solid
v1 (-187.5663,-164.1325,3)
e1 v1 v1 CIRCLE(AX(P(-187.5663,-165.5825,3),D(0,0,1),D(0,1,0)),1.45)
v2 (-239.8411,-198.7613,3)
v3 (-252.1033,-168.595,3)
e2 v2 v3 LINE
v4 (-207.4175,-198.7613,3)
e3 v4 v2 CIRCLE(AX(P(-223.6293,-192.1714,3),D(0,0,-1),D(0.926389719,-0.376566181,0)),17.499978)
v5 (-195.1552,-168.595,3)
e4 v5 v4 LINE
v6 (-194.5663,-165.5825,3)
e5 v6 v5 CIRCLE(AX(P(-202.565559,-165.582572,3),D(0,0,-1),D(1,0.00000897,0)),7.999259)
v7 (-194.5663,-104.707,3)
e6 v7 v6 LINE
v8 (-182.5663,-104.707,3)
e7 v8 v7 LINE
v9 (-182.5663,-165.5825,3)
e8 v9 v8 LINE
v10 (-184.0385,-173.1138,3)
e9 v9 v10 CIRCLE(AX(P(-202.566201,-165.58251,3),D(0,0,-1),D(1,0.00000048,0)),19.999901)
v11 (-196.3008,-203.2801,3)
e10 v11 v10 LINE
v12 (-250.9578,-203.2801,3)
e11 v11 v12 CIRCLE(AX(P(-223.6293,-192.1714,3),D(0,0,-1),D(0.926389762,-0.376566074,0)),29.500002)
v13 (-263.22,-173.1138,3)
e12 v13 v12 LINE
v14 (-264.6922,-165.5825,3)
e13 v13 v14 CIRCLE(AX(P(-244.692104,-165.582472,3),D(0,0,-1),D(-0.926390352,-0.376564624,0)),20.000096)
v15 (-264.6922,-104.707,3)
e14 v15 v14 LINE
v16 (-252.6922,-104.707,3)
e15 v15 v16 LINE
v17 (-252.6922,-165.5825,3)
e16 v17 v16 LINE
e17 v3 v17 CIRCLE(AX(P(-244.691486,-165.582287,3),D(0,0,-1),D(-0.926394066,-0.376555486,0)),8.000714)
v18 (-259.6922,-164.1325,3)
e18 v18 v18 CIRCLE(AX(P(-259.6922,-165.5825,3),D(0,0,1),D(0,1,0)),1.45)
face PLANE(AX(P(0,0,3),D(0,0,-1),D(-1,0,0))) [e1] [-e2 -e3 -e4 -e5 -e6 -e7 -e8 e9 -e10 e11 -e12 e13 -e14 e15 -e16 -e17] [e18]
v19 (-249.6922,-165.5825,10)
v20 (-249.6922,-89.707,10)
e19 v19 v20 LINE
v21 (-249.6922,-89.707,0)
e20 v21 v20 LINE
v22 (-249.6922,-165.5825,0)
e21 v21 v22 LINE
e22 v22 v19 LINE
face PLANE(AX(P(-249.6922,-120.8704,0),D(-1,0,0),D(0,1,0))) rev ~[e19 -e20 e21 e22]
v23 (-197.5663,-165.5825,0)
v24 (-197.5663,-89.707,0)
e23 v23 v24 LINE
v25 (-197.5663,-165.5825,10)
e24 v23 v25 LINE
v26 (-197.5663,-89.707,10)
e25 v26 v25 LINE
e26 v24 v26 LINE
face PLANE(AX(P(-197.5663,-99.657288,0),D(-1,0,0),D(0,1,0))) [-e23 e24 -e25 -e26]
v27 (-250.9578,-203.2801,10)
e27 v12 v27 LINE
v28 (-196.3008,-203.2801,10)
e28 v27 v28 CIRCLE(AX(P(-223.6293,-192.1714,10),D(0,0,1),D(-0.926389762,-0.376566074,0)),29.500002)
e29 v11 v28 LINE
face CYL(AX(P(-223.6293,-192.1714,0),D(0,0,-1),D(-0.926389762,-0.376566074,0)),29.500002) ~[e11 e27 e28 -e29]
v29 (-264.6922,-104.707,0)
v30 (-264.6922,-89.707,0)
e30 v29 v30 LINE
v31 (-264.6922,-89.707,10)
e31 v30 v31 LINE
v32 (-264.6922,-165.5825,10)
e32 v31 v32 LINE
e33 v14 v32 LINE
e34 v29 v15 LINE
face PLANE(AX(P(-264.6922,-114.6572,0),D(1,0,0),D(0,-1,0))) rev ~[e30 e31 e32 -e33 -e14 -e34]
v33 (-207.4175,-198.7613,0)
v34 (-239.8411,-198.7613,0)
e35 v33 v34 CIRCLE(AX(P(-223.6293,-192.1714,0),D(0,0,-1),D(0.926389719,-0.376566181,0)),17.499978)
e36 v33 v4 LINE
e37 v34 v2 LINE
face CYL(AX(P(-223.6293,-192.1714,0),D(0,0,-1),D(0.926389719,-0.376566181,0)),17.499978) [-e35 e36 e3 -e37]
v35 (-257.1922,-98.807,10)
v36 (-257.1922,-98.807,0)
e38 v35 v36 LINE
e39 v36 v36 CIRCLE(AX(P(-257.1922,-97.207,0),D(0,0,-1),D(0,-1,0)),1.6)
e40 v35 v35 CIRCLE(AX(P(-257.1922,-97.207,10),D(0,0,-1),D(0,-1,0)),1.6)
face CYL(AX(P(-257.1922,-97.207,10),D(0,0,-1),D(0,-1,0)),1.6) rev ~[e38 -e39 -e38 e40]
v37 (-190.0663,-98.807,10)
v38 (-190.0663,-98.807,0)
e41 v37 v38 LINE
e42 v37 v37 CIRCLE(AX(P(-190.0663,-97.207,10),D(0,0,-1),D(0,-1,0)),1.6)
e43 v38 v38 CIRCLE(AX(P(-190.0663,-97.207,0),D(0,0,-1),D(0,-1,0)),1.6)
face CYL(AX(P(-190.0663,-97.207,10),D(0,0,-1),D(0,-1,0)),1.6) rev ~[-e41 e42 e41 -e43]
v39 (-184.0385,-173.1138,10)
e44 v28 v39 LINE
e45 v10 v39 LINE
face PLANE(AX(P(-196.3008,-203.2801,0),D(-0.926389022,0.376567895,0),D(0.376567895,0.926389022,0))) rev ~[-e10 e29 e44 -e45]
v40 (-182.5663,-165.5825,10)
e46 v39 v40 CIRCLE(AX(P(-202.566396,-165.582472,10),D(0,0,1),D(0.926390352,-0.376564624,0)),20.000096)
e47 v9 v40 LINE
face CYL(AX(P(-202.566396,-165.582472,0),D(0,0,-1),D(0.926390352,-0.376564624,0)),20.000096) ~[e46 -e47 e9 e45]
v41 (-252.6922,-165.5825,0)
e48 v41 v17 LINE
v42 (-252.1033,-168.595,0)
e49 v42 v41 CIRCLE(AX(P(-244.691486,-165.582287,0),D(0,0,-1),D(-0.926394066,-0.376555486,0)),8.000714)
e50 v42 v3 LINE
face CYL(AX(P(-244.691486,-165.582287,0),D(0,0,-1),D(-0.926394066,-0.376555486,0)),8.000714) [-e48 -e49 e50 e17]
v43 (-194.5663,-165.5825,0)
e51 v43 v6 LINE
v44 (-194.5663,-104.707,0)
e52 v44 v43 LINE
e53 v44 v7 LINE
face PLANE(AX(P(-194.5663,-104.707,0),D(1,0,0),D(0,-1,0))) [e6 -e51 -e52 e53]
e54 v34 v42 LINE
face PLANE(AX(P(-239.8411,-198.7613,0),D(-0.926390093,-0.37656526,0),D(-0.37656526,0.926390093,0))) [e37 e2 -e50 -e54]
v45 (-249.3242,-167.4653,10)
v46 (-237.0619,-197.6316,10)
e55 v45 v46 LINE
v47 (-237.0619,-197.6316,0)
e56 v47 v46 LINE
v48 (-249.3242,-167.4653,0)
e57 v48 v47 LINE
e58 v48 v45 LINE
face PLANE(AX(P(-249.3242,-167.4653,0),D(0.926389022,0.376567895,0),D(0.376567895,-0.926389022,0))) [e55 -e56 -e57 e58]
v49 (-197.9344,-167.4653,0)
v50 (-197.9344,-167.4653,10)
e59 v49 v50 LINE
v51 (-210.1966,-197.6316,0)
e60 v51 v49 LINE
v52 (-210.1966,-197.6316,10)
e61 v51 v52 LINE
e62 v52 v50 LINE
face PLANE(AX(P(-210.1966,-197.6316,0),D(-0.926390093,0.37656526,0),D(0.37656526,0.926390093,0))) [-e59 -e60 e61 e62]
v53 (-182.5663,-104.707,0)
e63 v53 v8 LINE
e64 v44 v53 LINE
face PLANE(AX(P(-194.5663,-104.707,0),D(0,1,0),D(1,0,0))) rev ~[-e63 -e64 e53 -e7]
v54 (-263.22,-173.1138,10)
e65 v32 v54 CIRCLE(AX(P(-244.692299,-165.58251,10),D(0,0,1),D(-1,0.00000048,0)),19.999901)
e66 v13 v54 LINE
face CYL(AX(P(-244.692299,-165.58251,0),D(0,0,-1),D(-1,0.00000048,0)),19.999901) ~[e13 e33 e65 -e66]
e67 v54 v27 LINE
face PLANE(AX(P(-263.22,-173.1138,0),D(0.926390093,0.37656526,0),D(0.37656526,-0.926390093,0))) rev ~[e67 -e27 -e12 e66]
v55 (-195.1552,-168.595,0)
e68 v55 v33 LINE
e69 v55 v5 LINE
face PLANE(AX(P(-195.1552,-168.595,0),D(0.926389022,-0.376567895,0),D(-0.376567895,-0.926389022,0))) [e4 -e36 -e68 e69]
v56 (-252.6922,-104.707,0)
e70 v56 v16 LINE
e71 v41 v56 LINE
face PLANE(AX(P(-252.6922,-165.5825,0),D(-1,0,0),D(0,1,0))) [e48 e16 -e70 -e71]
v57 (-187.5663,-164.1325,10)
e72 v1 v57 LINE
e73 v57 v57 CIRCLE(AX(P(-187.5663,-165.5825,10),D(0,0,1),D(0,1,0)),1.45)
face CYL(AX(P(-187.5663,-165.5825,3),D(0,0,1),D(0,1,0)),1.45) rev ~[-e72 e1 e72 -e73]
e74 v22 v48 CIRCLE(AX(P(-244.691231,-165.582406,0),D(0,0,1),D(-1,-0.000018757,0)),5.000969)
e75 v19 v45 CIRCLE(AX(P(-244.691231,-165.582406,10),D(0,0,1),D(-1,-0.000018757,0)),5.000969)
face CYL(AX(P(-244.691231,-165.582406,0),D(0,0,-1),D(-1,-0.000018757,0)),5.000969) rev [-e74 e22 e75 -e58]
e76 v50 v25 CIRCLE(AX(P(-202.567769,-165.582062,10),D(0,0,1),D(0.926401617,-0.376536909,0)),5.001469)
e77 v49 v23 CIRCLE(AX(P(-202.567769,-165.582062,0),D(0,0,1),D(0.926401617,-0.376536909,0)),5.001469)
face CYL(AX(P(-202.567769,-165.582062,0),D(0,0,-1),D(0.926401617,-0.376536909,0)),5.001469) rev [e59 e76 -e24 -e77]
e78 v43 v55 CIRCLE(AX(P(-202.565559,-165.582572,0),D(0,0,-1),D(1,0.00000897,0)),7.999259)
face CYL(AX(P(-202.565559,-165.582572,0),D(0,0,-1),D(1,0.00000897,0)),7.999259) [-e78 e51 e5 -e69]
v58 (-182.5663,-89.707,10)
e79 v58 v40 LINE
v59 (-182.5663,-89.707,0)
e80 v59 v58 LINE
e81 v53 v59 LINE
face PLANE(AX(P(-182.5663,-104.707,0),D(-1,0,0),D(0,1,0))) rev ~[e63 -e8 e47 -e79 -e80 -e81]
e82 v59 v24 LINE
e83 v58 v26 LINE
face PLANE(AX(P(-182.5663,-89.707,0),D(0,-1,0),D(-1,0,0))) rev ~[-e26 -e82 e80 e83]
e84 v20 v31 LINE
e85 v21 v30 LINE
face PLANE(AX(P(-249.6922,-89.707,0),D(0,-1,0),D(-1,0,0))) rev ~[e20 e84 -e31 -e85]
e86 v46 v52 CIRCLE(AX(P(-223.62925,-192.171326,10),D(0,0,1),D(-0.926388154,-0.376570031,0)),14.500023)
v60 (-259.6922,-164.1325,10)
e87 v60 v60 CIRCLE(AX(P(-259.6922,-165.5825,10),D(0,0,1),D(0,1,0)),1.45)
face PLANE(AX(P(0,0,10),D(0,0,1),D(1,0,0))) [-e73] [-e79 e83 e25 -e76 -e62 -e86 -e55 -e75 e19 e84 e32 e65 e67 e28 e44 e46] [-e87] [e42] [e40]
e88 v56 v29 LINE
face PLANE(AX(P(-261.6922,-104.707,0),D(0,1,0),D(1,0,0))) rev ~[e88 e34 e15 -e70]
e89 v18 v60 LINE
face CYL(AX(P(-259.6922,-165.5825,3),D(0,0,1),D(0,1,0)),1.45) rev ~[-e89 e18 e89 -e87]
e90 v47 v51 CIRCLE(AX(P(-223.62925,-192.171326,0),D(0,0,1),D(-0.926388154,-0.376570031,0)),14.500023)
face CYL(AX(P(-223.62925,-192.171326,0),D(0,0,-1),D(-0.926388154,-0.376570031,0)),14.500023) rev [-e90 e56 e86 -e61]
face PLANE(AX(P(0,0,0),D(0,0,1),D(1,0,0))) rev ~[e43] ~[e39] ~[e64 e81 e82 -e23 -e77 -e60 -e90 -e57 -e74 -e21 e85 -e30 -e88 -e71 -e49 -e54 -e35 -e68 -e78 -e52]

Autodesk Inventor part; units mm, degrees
ref_plane "YZ Plane" through (0, 0, 0) normal (1, 0, 0) x (0, 1, 0)
ref_plane "XZ Plane" through (0, 0, 0) normal (0, 1, 0) x (-1, 0, 0)
ref_plane "XY Plane" through (0, 0, 0) normal (0, 0, 1) x (1, 0, 0)
sketch "Sketch13" plane through (0, 0, 0) normal (0, 0, 1) x (1, 0, 0)
  line L0 (-247.6922, -121.6988) -> (-240.7003, -114.707) projected
  line L1 (-240.7003, -114.707) -> (-206.5582, -114.707) projected
  line L2 (-206.5582, -114.707) -> (-199.5663, -121.6988) projected
  line L3 (-199.5663, -121.6988) -> (-199.5663, -165.5825) projected
  arc A0 (-199.7872, -166.7122) -> (-199.5663, -165.5825) centre (-202.5663, -165.5825) ccw projected
  line L4 (-199.7872, -166.7122) -> (-212.0494, -196.8785) projected
  arc A1 (-235.2091, -196.8785) -> (-212.0494, -196.8785) centre (-223.6293, -192.1714) ccw projected
  line L5 (-235.2091, -196.8785) -> (-247.4714, -166.7122) projected
  arc A2 (-247.6922, -165.5825) -> (-247.4714, -166.7122) centre (-244.6922, -165.5825) ccw projected
  line L6 (-247.6922, -165.5825) -> (-247.6922, -121.6988) projected
  circle A3 centre (-223.6293, -151.1714) radius 13 projected
  line L7 (26.8154, -89.707) -> (-473.1846, -89.707) projected
  line L8 (26.8154, -104.707) -> (-473.1846, -104.707) projected
  line L9 (-197.5663, -165.5825) -> (-197.5663, -120.8704)
  line L10 (-197.5663, -120.8704) -> (-205.7298, -112.707)
  line L11 (-205.7298, -112.707) -> (-241.5288, -112.707)
  line L12 (-241.5288, -112.707) -> (-249.6922, -120.8704)
  line L13 (-249.6922, -120.8704) -> (-249.6922, -165.5825)
  arc A4 (-249.6922, -165.5825) -> (-249.3242, -167.4653) centre (-244.6922, -165.5825) ccw
  line L14 (-249.3242, -167.4653) -> (-237.0619, -197.6316)
  arc A5 (-237.0619, -197.6316) -> (-210.1966, -197.6316) centre (-223.6293, -192.1714) ccw
  line L15 (-210.1966, -197.6316) -> (-197.9344, -167.4653)
  arc A6 (-197.9344, -167.4653) -> (-197.5663, -165.5825) centre (-202.5663, -165.5825) ccw
  line L16 (-182.5663, -165.5825) -> (-182.5663, -114.6572)
  line L17 (-182.5663, -114.6572) -> (-199.5166, -97.707)
  line L18 (-199.5166, -97.707) -> (-247.742, -97.707)
  line L19 (-247.742, -97.707) -> (-264.6922, -114.6572)
  line L20 (-264.6922, -114.6572) -> (-264.6922, -165.5825)
  arc A7 (-264.6922, -165.5825) -> (-263.22, -173.1138) centre (-244.6922, -165.5825) ccw
  line L21 (-263.22, -173.1138) -> (-250.9578, -203.2801)
  arc A8 (-250.9578, -203.2801) -> (-196.3008, -203.2801) centre (-223.6293, -192.1714) ccw
  line L22 (-196.3008, -203.2801) -> (-184.0385, -173.1138)
  arc A9 (-184.0385, -173.1138) -> (-182.5663, -165.5825) centre (-202.5663, -165.5825) ccw
  line L23 (-182.5663, -114.6572) -> (-182.5663, -89.707)
  line L24 (-264.6922, -114.6572) -> (-264.6922, -89.707)
  line L25 (-197.5663, -120.8704) -> (-197.5663, -89.707)
  line L26 (-249.6922, -120.8704) -> (-249.6922, -89.707)
  line L27 (-218.4828, -188.996) -> (-218.1293, -188.6424) projected
  line L28 (-218.1293, -188.6424) -> (-218.1293, -184.996) projected
  line L29 (-218.1293, -184.996) -> (-229.1293, -184.996) projected
  line L30 (-229.1293, -184.996) -> (-229.1293, -188.6424) projected
  line L31 (-229.1293, -188.6424) -> (-228.7757, -188.996) projected
  line L32 (-228.9525, -189.3022) -> (-229.4355, -189.1728) projected
  line L33 (-229.4355, -189.1728) -> (-232.5934, -190.996) projected
  line L34 (-223.806, -198.2161) -> (-228.9525, -189.3022) projected
  line L35 (-227.0934, -200.5223) -> (-223.9355, -198.6991) projected
  line L36 (-223.9355, -198.6991) -> (-223.806, -198.2161) projected
  line L37 (-223.4525, -198.2161) -> (-223.3231, -198.6991) projected
  line L38 (-223.3231, -198.6991) -> (-220.1652, -200.5223) projected
  line L39 (-218.306, -189.3022) -> (-223.4525, -198.2161) projected
  line L40 (-214.6652, -190.996) -> (-217.8231, -189.1728) projected
  line L41 (-217.8231, -189.1728) -> (-218.306, -189.3022) projected
  line L42 (-228.7757, -188.996) -> (-218.4828, -188.996) projected
  line L43 (-232.5934, -190.996) -> (-227.0934, -200.5223) projected
  line L44 (-220.1652, -200.5223) -> (-214.6652, -190.996) projected
  point P0 (0, 0)
  dimension "d26" = 2
  dimension "d27" = 15
extrude "Extrusion14" add sketch "Sketch13" along normal blind 10 contours L23 L8 L17 L25 L7 | L23 L17 L8 | L26 L19 L8 L24 L7 | L17 L8 L25 | L17 L16 A9 L22 A8 L21 A7 L20 L19 L8 L26 L13 A4 L14 A5 L15 A6 L9 L25 | L26 L8 L19 | L8 L19 L24
sketch "Sketch14" plane through (0, 0, 0) normal (0, 0, -1) x (-1, 0, 0)
  line L0 (249.6922, -165.5825) -> (249.6922, -89.707) projected
  arc A0 (249.3242, -167.4653) -> (249.6922, -165.5825) centre (244.6922, -165.5825) ccw projected
  line L1 (237.0619, -197.6316) -> (249.3242, -167.4653) projected
  arc A1 (210.1966, -197.6316) -> (237.0619, -197.6316) centre (223.6293, -192.1714) ccw projected
  line L2 (197.9344, -167.4653) -> (210.1966, -197.6316) projected
  arc A2 (197.5663, -165.5825) -> (197.9344, -167.4653) centre (202.5663, -165.5825) ccw projected
  line L3 (197.5663, -89.707) -> (197.5663, -165.5825) projected
  line L4 (182.5663, -89.707) -> (197.5663, -89.707) projected
  line L5 (182.5663, -165.5825) -> (182.5663, -89.707) projected
  arc A3 (182.5663, -165.5825) -> (184.0385, -173.1138) centre (202.5663, -165.5825) ccw projected
  line L6 (196.3008, -203.2801) -> (184.0385, -173.1138) projected
  arc A4 (196.3008, -203.2801) -> (250.9578, -203.2801) centre (223.6293, -192.1714) ccw projected
  line L7 (263.22, -173.1138) -> (250.9578, -203.2801) projected
  arc A5 (263.22, -173.1138) -> (264.6922, -165.5825) centre (244.6922, -165.5825) ccw projected
  line L8 (264.6922, -89.707) -> (264.6922, -165.5825) projected
  line L9 (249.6922, -89.707) -> (264.6922, -89.707) projected
  line L10 (185.5663, -92.707) -> (194.5663, -92.707)
  line L11 (194.5663, -92.707) -> (194.5663, -165.5825)
  arc A6 (194.5663, -165.5825) -> (195.1552, -168.595) centre (202.5663, -165.5825) ccw
  line L12 (195.1552, -168.595) -> (207.4175, -198.7613)
  arc A7 (207.4175, -198.7613) -> (239.8411, -198.7613) centre (223.6293, -192.1714) ccw
  line L13 (239.8411, -198.7613) -> (252.1033, -168.595)
  arc A8 (252.1033, -168.595) -> (252.6922, -165.5825) centre (244.6922, -165.5825) ccw
  line L14 (252.6922, -165.5825) -> (252.6922, -92.707)
  line L15 (252.6922, -92.707) -> (261.6922, -92.707)
  line L16 (261.6922, -92.707) -> (261.6922, -165.5825)
  arc A9 (260.4408, -171.9841) -> (261.6922, -165.5825) centre (244.6922, -165.5825) ccw
  line L17 (260.4408, -171.9841) -> (248.1786, -202.1504)
  arc A10 (199.0799, -202.1504) -> (248.1786, -202.1504) centre (223.6293, -192.1714) ccw
  line L18 (199.0799, -202.1504) -> (186.8177, -171.9841)
  arc A11 (185.5663, -165.5825) -> (186.8177, -171.9841) centre (202.5663, -165.5825) ccw
  line L19 (185.5663, -165.5825) -> (185.5663, -92.707)
  line L20 (194.5663, -92.707) -> (194.5663, -89.707)
  line L21 (182.5663, -89.707) -> (197.5663, -89.707) projected
  line L22 (252.6922, -92.707) -> (252.6922, -89.707)
  line L23 (197.5663, -89.707) -> (197.5663, -165.5825) projected
  line L24 (197.5663, -104.707) -> (182.5663, -104.707)
  line L25 (264.6922, -89.707) -> (264.6922, -165.5825) projected
  line L26 (264.6922, -104.707) -> (249.6922, -104.707)
  point P0 (0, 0)
  point P1 (194.5663, -104.707)
  point P2 (264.6922, -104.707)
  point P3 (252.6922, -104.707)
  dimension "d33" = 3
  dimension "d34" = 15
extrude "Extrusion15" cut sketch "Sketch14" against normal blind 3 contours L26 L16 A9 L17 A10 L18 A11 L19 L24 L11 A6 L12 A7 L13 A8 L14 | L26 L8 A5 L7 A4 L6 A3 L5 L24 L19 A11 L18 A10 L17 A9 L16
sketch "Sketch15" plane through (0, 0, 3) normal (0, 0, -1) x (-1, 0, 0)
  line L0 (182.5663, -165.5825) -> (182.5663, -104.707) projected
  line L1 (264.6922, -104.707) -> (264.6922, -165.5825) projected
  point P0 (0, 0)
  point P1 (187.5663, -165.5825)
  point P2 (259.6922, -165.5825)
  dimension "d35" = 5
  dimension "d36" = 5
hole "Hole1" at (-187.5663, -165.5825, 3) at (-259.6922, -165.5825, 3) direction (0, 0, 1) diameter 2.9 end through all
sketch "Sketch16" plane through (0, 0, 10) normal (0, 0, 1) x (1, 0, 0)
  line L0 (-264.6922, -89.707) -> (-264.6922, -165.5825) projected
  line L1 (-182.5663, -165.5825) -> (-182.5663, -89.707) projected
  point P0 (0, 0)
  point P1 (-257.1922, -97.207)
  point P2 (-190.0663, -97.207)
  dimension "d44" = 7.5
  dimension "d45" = 7.5
  dimension "d46" = 7.5
hole "Hole2" at (-257.1922, -97.207, 10) at (-190.0663, -97.207, 10) direction (0, 0, -1) diameter 3.2 end through all
equation "\"d36\" = d35"
equation "\"d45\" = d44"
equation "\"d46\" = d44"
properties part number "Rear Cover Bracket" material "ABS Plastic"
